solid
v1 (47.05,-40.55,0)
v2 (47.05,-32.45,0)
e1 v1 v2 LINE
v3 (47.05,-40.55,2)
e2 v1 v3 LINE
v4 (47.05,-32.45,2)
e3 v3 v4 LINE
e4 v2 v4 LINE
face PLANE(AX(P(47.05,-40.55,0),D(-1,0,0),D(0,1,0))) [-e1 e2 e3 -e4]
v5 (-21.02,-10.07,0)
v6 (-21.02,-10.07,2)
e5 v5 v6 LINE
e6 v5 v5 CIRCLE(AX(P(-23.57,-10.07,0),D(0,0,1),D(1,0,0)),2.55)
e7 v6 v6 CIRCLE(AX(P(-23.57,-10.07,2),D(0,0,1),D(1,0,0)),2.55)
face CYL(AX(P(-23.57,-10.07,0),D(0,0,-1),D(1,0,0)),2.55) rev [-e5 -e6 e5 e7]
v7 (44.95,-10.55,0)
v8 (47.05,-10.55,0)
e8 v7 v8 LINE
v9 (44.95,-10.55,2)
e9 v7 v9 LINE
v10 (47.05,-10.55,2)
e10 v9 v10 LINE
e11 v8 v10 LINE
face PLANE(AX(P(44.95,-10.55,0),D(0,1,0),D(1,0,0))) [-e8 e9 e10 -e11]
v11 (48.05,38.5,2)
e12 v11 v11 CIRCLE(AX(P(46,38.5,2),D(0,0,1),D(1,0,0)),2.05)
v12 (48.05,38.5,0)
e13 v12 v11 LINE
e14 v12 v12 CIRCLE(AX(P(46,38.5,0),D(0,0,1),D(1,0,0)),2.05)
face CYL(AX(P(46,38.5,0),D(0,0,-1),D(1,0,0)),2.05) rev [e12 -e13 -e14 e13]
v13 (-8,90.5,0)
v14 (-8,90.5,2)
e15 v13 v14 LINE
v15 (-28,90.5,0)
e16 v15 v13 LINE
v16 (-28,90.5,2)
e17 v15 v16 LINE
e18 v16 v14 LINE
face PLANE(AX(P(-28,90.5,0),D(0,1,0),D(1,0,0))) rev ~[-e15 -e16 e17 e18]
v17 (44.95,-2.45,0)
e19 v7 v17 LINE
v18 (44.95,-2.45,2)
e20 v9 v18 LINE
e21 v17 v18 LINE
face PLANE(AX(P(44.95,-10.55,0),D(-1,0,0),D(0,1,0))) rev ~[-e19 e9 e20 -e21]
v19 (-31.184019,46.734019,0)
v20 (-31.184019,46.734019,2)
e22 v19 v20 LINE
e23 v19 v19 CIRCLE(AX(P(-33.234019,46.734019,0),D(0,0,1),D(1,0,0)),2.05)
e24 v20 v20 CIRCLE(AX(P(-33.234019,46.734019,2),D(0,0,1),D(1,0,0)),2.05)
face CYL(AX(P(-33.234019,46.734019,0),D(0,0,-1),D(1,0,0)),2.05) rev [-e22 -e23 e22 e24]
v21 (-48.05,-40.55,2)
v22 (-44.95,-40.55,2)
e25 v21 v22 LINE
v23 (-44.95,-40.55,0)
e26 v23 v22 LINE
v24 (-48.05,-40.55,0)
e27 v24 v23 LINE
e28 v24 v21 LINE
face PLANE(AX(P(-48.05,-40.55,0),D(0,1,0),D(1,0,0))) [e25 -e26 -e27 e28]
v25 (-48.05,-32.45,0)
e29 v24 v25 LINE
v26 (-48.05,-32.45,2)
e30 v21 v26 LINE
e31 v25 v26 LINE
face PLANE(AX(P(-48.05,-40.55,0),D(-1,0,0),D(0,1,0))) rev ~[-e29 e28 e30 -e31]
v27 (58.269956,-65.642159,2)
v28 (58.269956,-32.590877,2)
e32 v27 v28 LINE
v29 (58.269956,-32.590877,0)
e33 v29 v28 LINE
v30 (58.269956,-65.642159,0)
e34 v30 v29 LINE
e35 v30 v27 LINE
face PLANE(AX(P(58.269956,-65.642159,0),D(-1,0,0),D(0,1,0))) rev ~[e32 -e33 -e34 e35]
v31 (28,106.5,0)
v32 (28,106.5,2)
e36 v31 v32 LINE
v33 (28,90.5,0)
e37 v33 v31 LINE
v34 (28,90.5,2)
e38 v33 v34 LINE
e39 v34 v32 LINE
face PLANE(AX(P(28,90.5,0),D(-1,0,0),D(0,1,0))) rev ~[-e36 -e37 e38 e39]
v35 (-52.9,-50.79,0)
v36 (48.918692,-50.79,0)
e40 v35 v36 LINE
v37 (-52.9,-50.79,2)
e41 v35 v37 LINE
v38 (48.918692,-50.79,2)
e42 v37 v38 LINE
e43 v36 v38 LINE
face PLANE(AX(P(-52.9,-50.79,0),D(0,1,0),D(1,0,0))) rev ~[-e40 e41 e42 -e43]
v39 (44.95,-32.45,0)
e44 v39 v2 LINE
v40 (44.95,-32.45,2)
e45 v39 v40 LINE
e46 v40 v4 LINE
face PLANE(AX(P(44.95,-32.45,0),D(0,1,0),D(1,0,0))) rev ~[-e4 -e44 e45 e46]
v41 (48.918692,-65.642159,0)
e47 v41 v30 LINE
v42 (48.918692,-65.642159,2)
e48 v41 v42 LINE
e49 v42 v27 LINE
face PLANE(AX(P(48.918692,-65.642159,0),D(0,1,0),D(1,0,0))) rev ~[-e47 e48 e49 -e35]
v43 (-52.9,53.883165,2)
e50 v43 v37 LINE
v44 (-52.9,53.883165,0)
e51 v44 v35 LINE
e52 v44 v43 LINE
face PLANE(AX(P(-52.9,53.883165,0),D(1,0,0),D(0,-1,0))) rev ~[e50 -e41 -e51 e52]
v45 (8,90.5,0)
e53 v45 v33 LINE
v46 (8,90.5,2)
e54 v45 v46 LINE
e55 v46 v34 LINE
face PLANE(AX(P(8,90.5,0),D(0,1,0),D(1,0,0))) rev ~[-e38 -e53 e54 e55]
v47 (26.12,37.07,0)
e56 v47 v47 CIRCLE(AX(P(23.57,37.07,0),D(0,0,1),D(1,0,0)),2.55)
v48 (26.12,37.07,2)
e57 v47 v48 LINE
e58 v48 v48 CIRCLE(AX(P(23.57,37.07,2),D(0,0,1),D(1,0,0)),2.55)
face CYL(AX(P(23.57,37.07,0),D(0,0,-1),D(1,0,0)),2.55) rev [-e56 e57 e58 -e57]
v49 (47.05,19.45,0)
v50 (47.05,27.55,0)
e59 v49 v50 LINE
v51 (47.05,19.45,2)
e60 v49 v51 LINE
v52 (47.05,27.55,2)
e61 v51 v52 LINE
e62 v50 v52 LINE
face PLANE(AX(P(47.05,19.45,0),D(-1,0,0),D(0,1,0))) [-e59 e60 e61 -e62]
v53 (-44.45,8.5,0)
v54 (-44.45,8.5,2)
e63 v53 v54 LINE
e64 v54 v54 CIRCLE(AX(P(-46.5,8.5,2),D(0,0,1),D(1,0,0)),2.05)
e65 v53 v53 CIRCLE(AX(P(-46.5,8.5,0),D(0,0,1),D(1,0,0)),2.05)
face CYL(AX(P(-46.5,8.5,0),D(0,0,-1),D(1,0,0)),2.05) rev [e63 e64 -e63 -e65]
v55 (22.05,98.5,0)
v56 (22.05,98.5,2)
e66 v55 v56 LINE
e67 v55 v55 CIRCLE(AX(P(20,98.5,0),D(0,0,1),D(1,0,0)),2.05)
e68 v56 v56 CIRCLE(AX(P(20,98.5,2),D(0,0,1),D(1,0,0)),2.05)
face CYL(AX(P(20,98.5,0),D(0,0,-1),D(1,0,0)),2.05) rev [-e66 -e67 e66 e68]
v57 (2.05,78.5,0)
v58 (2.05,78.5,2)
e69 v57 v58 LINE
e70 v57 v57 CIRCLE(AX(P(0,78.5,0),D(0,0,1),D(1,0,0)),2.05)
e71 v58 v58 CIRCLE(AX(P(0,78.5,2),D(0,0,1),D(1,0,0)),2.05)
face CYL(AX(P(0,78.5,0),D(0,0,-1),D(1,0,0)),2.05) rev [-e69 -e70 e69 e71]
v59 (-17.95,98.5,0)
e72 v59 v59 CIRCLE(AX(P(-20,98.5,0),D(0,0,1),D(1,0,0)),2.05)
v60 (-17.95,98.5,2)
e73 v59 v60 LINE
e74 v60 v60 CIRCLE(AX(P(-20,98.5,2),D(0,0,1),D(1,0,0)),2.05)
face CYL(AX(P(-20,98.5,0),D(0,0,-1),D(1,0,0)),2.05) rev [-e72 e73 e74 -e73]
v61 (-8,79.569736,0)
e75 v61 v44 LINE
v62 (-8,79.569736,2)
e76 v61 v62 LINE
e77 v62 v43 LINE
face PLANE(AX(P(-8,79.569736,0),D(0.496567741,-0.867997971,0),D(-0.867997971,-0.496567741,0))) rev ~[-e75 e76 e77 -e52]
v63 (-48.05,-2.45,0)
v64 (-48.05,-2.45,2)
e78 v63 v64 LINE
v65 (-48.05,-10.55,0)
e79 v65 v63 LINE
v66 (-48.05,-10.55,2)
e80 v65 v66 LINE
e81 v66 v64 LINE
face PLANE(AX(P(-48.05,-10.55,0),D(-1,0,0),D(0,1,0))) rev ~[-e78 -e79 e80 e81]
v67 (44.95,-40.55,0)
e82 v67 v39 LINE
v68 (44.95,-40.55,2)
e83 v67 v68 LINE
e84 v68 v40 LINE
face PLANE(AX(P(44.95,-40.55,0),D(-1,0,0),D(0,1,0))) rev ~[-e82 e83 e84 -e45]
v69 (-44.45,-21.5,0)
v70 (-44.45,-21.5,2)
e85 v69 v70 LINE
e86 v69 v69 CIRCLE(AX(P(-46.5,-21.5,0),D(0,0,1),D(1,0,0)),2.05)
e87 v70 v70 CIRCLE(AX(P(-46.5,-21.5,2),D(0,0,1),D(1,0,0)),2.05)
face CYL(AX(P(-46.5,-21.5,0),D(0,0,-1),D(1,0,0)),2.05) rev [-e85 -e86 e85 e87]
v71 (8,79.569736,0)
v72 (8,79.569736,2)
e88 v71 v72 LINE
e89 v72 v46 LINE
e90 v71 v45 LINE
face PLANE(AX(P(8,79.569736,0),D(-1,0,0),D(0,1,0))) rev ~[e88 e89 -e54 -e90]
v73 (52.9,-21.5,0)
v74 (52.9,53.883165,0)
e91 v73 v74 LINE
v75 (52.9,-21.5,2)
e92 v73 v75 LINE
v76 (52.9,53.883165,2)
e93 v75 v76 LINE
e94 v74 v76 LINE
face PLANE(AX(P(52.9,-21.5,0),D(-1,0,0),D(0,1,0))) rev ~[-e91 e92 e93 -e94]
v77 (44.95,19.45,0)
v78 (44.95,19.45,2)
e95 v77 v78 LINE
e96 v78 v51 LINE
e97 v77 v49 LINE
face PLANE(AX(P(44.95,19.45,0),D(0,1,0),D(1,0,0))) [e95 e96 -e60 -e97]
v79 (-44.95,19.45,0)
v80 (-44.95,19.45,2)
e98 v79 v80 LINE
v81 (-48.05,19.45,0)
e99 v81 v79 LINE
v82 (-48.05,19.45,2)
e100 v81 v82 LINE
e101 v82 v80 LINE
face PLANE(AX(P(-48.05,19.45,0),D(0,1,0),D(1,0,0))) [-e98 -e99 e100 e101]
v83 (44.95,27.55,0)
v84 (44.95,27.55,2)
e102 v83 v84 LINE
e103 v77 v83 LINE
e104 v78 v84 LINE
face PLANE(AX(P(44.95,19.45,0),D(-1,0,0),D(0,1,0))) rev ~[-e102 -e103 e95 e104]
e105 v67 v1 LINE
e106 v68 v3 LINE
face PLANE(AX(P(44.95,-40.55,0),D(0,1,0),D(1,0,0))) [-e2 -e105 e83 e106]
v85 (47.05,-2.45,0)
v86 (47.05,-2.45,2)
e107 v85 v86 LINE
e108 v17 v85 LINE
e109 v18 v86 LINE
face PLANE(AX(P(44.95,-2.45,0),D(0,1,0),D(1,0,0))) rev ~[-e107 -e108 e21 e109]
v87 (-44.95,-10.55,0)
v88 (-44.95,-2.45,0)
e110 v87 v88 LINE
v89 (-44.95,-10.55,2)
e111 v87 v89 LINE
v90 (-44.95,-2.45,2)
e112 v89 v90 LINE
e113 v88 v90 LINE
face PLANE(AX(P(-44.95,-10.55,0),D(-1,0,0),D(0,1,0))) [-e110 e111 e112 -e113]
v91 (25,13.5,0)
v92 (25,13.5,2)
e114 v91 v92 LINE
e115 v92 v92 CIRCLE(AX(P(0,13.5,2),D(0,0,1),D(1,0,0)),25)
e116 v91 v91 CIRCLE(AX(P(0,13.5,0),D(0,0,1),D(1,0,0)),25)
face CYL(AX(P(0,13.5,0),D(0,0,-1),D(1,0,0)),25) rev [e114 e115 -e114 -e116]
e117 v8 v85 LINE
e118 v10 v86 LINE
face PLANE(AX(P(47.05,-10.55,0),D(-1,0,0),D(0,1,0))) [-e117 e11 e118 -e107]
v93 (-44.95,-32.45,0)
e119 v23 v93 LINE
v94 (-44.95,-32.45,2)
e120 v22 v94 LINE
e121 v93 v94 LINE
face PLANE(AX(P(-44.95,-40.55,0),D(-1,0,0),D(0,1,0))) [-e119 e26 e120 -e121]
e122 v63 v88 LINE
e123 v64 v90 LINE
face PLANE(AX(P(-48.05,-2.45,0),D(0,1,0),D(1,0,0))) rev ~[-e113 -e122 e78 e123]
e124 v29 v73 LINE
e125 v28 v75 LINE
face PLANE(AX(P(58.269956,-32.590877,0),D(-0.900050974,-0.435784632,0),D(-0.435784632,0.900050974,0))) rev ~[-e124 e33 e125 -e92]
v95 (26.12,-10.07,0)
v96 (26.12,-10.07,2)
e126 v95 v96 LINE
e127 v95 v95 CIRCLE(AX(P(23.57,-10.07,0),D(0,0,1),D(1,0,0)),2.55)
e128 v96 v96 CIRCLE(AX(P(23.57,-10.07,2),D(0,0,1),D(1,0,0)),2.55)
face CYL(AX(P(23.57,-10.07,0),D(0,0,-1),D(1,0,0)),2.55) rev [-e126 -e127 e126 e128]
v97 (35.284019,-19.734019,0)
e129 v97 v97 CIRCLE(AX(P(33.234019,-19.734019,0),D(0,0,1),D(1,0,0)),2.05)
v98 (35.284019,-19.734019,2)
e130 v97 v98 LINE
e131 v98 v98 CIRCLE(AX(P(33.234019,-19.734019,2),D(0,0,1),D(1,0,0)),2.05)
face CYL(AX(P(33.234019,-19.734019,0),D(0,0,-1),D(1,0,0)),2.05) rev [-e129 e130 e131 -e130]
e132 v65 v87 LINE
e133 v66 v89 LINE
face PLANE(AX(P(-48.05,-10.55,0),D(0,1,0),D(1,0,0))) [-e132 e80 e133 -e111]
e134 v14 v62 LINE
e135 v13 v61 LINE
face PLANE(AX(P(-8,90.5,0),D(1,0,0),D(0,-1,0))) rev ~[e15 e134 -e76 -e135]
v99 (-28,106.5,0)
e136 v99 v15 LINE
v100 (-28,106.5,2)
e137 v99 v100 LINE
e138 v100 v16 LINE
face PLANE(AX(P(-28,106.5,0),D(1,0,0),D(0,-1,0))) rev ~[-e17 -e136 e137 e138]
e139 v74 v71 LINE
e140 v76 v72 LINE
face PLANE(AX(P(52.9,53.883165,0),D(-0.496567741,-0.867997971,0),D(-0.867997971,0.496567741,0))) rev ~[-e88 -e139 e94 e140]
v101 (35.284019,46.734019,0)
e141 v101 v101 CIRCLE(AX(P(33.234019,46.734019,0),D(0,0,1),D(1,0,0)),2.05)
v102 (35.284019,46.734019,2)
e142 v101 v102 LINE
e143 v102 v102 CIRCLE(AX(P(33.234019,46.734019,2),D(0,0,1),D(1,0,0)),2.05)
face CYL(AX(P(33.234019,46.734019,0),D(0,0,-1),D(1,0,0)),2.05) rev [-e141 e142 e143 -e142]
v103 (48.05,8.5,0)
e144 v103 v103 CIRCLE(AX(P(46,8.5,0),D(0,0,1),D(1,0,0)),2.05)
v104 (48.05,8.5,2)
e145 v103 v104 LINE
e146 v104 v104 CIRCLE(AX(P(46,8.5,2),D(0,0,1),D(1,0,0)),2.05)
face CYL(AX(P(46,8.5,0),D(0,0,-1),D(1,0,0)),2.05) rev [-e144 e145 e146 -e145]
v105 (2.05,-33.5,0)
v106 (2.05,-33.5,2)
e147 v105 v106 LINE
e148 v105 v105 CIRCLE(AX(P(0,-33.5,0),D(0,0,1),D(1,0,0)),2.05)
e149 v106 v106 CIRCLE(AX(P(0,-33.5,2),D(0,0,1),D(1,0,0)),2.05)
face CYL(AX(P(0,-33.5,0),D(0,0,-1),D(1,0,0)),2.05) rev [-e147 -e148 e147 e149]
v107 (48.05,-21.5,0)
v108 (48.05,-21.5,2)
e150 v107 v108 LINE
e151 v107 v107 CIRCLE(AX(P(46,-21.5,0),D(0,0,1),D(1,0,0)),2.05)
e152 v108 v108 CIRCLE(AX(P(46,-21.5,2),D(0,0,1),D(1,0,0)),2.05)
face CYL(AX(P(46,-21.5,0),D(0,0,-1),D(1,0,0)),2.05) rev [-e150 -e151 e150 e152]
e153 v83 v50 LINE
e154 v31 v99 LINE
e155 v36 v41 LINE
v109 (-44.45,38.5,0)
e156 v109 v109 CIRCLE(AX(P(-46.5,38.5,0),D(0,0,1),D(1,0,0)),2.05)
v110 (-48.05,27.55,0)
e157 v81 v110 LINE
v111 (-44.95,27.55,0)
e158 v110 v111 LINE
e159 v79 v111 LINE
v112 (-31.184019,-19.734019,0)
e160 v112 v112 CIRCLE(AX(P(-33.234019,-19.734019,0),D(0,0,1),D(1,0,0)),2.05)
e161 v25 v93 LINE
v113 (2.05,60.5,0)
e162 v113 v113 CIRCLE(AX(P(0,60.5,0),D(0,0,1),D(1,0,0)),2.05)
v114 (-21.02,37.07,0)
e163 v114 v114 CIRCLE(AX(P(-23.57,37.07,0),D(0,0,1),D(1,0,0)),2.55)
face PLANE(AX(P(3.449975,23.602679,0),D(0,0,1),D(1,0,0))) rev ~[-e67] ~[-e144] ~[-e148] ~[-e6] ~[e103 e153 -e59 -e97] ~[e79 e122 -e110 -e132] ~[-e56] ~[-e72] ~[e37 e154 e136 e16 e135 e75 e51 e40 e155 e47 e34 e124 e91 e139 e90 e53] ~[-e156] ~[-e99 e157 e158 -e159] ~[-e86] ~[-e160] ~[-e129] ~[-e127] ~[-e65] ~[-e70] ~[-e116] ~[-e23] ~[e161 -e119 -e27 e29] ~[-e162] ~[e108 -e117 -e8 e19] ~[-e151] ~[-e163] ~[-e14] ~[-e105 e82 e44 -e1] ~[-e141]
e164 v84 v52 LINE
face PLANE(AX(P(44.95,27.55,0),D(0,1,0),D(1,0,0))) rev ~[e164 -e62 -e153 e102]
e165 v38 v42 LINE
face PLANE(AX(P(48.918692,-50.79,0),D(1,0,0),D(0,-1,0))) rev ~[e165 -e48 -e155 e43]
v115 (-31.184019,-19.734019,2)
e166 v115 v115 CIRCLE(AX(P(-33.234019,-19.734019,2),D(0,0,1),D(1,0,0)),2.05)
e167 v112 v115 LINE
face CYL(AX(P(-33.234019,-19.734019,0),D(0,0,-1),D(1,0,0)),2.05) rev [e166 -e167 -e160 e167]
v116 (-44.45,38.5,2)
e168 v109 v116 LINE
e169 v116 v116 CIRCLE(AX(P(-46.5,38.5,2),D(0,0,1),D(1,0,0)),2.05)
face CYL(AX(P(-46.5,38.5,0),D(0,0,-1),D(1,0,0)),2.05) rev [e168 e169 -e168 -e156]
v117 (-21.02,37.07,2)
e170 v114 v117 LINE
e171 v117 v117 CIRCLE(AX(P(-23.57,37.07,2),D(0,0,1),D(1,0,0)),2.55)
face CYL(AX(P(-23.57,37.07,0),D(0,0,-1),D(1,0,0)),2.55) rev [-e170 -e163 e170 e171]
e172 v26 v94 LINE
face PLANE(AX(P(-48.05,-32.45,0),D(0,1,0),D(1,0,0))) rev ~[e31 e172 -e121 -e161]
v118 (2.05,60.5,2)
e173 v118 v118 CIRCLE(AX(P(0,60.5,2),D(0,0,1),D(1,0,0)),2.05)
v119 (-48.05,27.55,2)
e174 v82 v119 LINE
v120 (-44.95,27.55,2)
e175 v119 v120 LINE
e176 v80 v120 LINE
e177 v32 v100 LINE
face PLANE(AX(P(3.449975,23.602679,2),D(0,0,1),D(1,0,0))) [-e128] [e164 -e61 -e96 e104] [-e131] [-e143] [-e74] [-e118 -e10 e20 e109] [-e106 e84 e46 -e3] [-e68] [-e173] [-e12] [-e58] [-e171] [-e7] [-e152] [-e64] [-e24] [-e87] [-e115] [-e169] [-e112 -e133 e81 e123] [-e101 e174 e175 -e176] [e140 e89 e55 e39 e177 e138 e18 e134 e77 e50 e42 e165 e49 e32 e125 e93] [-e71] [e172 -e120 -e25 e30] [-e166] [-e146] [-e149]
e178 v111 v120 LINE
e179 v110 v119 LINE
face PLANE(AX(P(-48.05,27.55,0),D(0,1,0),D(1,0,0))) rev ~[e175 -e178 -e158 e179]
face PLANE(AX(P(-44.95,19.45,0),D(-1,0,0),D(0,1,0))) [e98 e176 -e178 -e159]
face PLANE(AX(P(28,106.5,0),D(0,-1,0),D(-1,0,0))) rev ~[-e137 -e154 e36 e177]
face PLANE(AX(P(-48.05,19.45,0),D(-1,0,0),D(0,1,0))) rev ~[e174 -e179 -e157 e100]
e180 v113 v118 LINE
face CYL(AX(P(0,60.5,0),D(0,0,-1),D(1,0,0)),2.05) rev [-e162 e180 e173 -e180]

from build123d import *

# Parameters (mm, degrees)
SKETCH_1_W      = 3.1
SKETCH_1_H      = 8.1
SKETCH_1_R      = 2.05
SKETCH_1_R_2    = 2.55
SKETCH_1_R_3    = 25
SKETCH_1_W_2    = 2.1
EXTRUDE_1_DEPTH = 2


with BuildPart() as part:
    # 草图1 → 凸台-拉伸1 (new body)
    with BuildSketch(Plane.XY):
        Polygon((52.9, -21.5), (52.9, 53.883164809), (8, 79.569735886), (8, 90.5), (28, 90.5), (28, 106.5), (-28, 106.5), (-28, 90.5), (-8, 90.5), (-8, 79.569735886), (-52.9, 53.883164809), (-52.9, -50.79), (-43.709229173, -50.79), (-34.403358285, -50.79), (48.918692166, -50.79), (48.918692166, -65.64215863), (58.26995581, -65.64215863), (58.26995581, -32.590877477), align=None)
        with Locations((-46.5, -36.5)):
            Rectangle(SKETCH_1_W, SKETCH_1_H, mode=Mode.SUBTRACT)
        with Locations((0, -33.5)):
            Circle(SKETCH_1_R, mode=Mode.SUBTRACT)
        with Locations((-46.5, -21.5)):
            Circle(SKETCH_1_R, mode=Mode.SUBTRACT)
        with Locations((-46.5, -6.5)):
            Rectangle(SKETCH_1_W, SKETCH_1_H, mode=Mode.SUBTRACT)
        with Locations((-33.234018716, -19.734018716)):
            Circle(SKETCH_1_R, mode=Mode.SUBTRACT)
        with Locations((-46.5, 8.5)):
            Circle(SKETCH_1_R, mode=Mode.SUBTRACT)
        with Locations((-23.57, -10.07)):
            Circle(SKETCH_1_R_2, mode=Mode.SUBTRACT)
        with Locations((0, 13.5)):
            Circle(SKETCH_1_R_3, mode=Mode.SUBTRACT)
        with Locations((46, -36.5)):
            Rectangle(SKETCH_1_W_2, SKETCH_1_H, mode=Mode.SUBTRACT)
        with Locations((23.57, -10.07)):
            Circle(SKETCH_1_R_2, mode=Mode.SUBTRACT)
        with Locations((33.234018716, -19.734018716)):
            Circle(SKETCH_1_R, mode=Mode.SUBTRACT)
        with Locations((46, -21.5)):
            Circle(SKETCH_1_R, mode=Mode.SUBTRACT)
        with Locations((46, -6.5)):
            Rectangle(SKETCH_1_W_2, SKETCH_1_H, mode=Mode.SUBTRACT)
        with Locations((46, 8.5)):
            Circle(SKETCH_1_R, mode=Mode.SUBTRACT)
        with Locations((-46.5, 23.5)):
            Rectangle(SKETCH_1_W, SKETCH_1_H, mode=Mode.SUBTRACT)
        with Locations((-46.5, 38.5)):
            Circle(SKETCH_1_R, mode=Mode.SUBTRACT)
        with Locations((-33.234018716, 46.734018716)):
            Circle(SKETCH_1_R, mode=Mode.SUBTRACT)
        with Locations((-23.57, 37.07)):
            Circle(SKETCH_1_R_2, mode=Mode.SUBTRACT)
        with Locations((0, 60.5)):
            Circle(SKETCH_1_R, mode=Mode.SUBTRACT)
        with Locations((0, 78.5)):
            Circle(SKETCH_1_R, mode=Mode.SUBTRACT)
        with Locations((-20, 98.5)):
            Circle(SKETCH_1_R, mode=Mode.SUBTRACT)
        with Locations((23.57, 37.07)):
            Circle(SKETCH_1_R_2, mode=Mode.SUBTRACT)
        with Locations((46, 23.5)):
            Rectangle(SKETCH_1_W_2, SKETCH_1_H, mode=Mode.SUBTRACT)
        with Locations((46, 38.5)):
            Circle(SKETCH_1_R, mode=Mode.SUBTRACT)
        with Locations((33.234018716, 46.734018716)):
            Circle(SKETCH_1_R, mode=Mode.SUBTRACT)
        with Locations((20, 98.5)):
            Circle(SKETCH_1_R, mode=Mode.SUBTRACT)
    extrude(amount=EXTRUDE_1_DEPTH)


solid = part.part
